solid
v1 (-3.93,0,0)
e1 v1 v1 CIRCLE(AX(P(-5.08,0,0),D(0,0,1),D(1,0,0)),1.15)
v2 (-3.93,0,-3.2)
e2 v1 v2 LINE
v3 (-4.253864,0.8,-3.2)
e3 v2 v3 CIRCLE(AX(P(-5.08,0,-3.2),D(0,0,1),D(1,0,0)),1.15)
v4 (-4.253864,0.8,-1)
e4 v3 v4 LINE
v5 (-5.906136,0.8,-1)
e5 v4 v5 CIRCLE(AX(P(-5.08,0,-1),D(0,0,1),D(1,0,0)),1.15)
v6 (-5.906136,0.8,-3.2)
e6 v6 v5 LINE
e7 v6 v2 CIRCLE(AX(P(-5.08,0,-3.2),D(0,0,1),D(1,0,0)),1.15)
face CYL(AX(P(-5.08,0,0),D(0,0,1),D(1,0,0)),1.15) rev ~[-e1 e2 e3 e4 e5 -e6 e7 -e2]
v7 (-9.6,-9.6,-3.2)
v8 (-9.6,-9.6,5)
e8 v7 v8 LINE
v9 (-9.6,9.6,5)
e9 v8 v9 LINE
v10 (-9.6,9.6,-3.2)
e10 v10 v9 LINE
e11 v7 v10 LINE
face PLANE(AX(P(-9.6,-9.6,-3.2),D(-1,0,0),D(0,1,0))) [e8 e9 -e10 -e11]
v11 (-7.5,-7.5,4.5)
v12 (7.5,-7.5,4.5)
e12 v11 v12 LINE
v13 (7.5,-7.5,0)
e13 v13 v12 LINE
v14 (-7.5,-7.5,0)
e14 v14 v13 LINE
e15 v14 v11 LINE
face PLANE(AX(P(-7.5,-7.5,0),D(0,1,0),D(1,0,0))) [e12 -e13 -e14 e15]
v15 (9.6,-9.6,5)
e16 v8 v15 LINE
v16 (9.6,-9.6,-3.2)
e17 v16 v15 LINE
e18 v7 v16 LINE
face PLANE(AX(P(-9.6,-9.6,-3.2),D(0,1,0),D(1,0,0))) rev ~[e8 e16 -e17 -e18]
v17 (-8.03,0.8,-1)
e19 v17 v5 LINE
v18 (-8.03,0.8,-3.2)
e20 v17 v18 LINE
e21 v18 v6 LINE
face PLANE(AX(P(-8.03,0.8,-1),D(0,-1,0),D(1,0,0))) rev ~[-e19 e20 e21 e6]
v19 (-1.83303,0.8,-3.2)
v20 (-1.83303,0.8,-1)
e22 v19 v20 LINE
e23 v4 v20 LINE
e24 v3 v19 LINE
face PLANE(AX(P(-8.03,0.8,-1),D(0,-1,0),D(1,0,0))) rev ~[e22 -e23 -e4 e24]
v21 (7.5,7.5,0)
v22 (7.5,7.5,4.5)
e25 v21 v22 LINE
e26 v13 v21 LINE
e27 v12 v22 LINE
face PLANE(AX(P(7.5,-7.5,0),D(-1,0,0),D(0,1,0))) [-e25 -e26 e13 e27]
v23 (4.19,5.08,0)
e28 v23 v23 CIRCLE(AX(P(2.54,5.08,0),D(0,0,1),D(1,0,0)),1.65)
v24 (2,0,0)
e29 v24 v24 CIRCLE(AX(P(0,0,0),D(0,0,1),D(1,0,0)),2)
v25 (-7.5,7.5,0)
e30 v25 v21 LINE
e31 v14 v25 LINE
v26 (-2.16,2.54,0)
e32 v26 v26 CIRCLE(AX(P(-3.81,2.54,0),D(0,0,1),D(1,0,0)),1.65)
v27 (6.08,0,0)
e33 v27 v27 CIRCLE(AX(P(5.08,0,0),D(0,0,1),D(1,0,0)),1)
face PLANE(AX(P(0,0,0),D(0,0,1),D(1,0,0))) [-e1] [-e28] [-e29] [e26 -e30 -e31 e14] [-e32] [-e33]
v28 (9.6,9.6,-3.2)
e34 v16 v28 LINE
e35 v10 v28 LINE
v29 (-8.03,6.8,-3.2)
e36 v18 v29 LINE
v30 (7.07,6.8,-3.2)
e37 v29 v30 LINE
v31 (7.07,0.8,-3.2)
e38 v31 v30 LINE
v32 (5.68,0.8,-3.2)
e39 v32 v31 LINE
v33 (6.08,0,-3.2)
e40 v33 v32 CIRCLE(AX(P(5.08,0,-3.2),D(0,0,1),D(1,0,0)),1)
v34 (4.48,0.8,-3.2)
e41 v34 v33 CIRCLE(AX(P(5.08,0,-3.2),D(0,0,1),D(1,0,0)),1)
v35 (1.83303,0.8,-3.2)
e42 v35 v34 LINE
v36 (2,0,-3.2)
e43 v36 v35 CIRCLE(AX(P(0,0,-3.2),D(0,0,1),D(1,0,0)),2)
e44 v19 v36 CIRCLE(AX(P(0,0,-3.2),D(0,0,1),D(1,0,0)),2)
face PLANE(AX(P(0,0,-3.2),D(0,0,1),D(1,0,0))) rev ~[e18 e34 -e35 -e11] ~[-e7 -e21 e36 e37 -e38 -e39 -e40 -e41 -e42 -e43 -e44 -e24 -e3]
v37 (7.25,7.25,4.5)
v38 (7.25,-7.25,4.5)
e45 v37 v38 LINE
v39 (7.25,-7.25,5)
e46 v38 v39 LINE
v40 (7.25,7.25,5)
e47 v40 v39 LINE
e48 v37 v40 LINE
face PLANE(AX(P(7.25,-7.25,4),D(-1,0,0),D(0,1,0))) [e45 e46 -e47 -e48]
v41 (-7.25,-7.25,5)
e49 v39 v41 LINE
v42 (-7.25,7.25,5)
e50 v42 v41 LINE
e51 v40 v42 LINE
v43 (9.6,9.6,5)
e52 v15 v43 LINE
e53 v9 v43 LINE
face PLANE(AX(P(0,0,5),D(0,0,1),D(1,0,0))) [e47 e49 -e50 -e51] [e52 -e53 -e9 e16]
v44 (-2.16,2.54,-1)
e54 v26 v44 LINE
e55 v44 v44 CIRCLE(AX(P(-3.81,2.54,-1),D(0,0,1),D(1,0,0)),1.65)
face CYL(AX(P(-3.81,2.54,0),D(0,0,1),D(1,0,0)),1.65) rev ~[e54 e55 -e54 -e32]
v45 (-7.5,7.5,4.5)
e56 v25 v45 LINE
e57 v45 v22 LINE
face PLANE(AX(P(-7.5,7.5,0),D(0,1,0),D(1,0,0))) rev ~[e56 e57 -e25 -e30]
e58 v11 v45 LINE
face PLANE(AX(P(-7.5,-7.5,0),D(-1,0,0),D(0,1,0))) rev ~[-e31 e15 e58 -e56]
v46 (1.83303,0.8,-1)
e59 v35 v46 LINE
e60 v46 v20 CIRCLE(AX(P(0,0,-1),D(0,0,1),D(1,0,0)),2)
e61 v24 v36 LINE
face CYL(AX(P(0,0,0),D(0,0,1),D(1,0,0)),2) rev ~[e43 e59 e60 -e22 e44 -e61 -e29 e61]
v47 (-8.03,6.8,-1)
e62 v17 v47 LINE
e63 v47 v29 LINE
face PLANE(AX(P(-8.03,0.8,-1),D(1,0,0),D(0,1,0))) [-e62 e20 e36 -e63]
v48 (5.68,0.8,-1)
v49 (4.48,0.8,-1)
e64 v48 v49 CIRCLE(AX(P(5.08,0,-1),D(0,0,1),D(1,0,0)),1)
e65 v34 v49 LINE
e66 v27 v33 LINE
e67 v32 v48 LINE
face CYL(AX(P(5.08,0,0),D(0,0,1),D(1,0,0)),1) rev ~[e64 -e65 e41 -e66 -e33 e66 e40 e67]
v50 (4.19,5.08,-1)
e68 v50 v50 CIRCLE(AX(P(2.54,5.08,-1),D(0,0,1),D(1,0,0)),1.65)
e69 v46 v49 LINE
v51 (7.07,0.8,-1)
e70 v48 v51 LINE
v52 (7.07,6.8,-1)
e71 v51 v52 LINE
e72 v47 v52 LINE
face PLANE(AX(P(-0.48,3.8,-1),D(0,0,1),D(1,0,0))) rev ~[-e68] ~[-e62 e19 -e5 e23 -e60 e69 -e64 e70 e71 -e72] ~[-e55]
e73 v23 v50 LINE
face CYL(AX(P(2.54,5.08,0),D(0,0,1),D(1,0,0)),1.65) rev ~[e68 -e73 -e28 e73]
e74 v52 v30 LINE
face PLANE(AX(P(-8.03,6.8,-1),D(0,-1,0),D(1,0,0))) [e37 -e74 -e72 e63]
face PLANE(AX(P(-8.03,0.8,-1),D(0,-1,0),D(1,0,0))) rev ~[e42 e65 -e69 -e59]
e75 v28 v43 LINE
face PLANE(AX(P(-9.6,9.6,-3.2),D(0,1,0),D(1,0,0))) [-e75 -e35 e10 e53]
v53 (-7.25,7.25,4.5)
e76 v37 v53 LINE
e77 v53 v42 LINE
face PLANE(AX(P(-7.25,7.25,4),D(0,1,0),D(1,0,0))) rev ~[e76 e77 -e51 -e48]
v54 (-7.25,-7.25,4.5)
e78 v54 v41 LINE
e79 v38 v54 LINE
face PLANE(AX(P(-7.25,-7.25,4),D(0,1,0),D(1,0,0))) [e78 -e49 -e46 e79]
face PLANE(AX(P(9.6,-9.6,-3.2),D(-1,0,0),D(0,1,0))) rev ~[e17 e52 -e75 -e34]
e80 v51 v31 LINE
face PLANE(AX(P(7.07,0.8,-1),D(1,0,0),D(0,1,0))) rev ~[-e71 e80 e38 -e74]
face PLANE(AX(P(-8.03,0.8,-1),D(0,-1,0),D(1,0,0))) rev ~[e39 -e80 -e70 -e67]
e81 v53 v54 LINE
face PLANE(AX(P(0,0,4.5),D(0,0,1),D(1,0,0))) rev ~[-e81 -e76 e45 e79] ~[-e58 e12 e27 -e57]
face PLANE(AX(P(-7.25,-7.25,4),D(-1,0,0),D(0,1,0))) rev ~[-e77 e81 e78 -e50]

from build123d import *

# Parameters (mm, degrees)
CIRCLE_R         = 2
EXTRUDE002_DEPTH = 3.2
CIRCLE001_R      = 1.15
EXTRUDE003_DEPTH = 3.2
CIRCLE002_R      = 1
EXTRUDE004_DEPTH = 3.2
CIRCLE003_R      = 1.65
EXTRUDE005_DEPTH = 1
CIRCLE004_R      = 1.65
EXTRUDE006_DEPTH = 1
RECTANGLE_W      = 15.1
RECTANGLE_H      = 6
EXTRUDE007_DEPTH = 2.2
RECTANGLE002_W   = 14.5
RECTANGLE002_H   = 14.5
EXTRUDE_DEPTH    = 1.1
RECTANGLE001_W   = 15
RECTANGLE001_H   = 15
EXTRUDE001_DEPTH = 4.5
BOX_W            = 19.2
BOX_H            = 19.2
BOX_DEPTH        = 8.2


with BuildPart() as extrude002:
    # Circle → Extrude002 (new body)
    with BuildSketch(Plane.XY):
        Circle(CIRCLE_R)
    extrude(amount=-EXTRUDE002_DEPTH)


with BuildPart() as extrude003:
    # Circle001 → Extrude003 (new body)
    with BuildSketch(Plane(origin=(-5.08, 0, 0), x_dir=(1, 0, 0), z_dir=(0, 0, 1))):
        Circle(CIRCLE001_R)
    extrude(amount=-EXTRUDE003_DEPTH)


with BuildPart() as extrude004:
    # Circle002 → Extrude004 (new body)
    with BuildSketch(Plane(origin=(5.08, 0, 0), x_dir=(1, 0, 0), z_dir=(0, 0, 1))):
        Circle(CIRCLE002_R)
    extrude(amount=-EXTRUDE004_DEPTH)


with BuildPart() as extrude005:
    # Circle003 → Extrude005 (new body)
    with BuildSketch(Plane(origin=(2.54, 5.08, 0), x_dir=(1, 0, 0), z_dir=(0, 0, 1))):
        Circle(CIRCLE003_R)
    extrude(amount=-EXTRUDE005_DEPTH)


with BuildPart() as extrude006:
    # Circle004 → Extrude006 (new body)
    with BuildSketch(Plane(origin=(-3.81, 2.54, 0), x_dir=(1, 0, 0), z_dir=(0, 0, 1))):
        Circle(CIRCLE004_R)
    extrude(amount=-EXTRUDE006_DEPTH)


with BuildPart() as extrude007:
    # Rectangle → Extrude007 (new body)
    with BuildSketch(Plane(origin=(-8.03, 0.8, -1), x_dir=(1, 0, 0), z_dir=(0, 0, 1))):
        with Locations((7.55, 3)):
            Rectangle(RECTANGLE_W, RECTANGLE_H)
    extrude(amount=-EXTRUDE007_DEPTH)


with BuildPart() as extrude_body:
    # Rectangle002 → Extrude (new body)
    with BuildSketch(Plane(origin=(-7.25, -7.25, 4), x_dir=(1, 0, 0), z_dir=(0, 0, 1))):
        with Locations((7.25, 7.25)):
            Rectangle(RECTANGLE002_W, RECTANGLE002_H)
    extrude(amount=EXTRUDE_DEPTH)


with BuildPart() as fusion:
    # Rectangle001 → Extrude001 (new body)
    with BuildSketch(Plane(origin=(-7.5, -7.5, 0), x_dir=(1, 0, 0), z_dir=(0, 0, 1))):
        with Locations((7.5, 7.5)):
            Rectangle(RECTANGLE001_W, RECTANGLE001_H)
    extrude(amount=EXTRUDE001_DEPTH)

    # Fusion: union Extrude002, Extrude003, Extrude004, Extrude005, Extrude006, Extrude007, Extrude body
    add(extrude002.part)
    add(extrude003.part)
    add(extrude004.part)
    add(extrude005.part)
    add(extrude006.part)
    add(extrude007.part)
    add(extrude_body.part)


with BuildPart() as cut:
    # Box → Box (new body)
    with BuildSketch(Plane(origin=(-9.6, -9.6, -3.2), x_dir=(1, 0, 0), z_dir=(0, 0, 1))):
        with Locations((9.6, 9.6)):
            Rectangle(BOX_W, BOX_H)
    extrude(amount=BOX_DEPTH)

    # Cut: cut Fusion
    add(fusion.part, mode=Mode.SUBTRACT)


solid = cut.part
